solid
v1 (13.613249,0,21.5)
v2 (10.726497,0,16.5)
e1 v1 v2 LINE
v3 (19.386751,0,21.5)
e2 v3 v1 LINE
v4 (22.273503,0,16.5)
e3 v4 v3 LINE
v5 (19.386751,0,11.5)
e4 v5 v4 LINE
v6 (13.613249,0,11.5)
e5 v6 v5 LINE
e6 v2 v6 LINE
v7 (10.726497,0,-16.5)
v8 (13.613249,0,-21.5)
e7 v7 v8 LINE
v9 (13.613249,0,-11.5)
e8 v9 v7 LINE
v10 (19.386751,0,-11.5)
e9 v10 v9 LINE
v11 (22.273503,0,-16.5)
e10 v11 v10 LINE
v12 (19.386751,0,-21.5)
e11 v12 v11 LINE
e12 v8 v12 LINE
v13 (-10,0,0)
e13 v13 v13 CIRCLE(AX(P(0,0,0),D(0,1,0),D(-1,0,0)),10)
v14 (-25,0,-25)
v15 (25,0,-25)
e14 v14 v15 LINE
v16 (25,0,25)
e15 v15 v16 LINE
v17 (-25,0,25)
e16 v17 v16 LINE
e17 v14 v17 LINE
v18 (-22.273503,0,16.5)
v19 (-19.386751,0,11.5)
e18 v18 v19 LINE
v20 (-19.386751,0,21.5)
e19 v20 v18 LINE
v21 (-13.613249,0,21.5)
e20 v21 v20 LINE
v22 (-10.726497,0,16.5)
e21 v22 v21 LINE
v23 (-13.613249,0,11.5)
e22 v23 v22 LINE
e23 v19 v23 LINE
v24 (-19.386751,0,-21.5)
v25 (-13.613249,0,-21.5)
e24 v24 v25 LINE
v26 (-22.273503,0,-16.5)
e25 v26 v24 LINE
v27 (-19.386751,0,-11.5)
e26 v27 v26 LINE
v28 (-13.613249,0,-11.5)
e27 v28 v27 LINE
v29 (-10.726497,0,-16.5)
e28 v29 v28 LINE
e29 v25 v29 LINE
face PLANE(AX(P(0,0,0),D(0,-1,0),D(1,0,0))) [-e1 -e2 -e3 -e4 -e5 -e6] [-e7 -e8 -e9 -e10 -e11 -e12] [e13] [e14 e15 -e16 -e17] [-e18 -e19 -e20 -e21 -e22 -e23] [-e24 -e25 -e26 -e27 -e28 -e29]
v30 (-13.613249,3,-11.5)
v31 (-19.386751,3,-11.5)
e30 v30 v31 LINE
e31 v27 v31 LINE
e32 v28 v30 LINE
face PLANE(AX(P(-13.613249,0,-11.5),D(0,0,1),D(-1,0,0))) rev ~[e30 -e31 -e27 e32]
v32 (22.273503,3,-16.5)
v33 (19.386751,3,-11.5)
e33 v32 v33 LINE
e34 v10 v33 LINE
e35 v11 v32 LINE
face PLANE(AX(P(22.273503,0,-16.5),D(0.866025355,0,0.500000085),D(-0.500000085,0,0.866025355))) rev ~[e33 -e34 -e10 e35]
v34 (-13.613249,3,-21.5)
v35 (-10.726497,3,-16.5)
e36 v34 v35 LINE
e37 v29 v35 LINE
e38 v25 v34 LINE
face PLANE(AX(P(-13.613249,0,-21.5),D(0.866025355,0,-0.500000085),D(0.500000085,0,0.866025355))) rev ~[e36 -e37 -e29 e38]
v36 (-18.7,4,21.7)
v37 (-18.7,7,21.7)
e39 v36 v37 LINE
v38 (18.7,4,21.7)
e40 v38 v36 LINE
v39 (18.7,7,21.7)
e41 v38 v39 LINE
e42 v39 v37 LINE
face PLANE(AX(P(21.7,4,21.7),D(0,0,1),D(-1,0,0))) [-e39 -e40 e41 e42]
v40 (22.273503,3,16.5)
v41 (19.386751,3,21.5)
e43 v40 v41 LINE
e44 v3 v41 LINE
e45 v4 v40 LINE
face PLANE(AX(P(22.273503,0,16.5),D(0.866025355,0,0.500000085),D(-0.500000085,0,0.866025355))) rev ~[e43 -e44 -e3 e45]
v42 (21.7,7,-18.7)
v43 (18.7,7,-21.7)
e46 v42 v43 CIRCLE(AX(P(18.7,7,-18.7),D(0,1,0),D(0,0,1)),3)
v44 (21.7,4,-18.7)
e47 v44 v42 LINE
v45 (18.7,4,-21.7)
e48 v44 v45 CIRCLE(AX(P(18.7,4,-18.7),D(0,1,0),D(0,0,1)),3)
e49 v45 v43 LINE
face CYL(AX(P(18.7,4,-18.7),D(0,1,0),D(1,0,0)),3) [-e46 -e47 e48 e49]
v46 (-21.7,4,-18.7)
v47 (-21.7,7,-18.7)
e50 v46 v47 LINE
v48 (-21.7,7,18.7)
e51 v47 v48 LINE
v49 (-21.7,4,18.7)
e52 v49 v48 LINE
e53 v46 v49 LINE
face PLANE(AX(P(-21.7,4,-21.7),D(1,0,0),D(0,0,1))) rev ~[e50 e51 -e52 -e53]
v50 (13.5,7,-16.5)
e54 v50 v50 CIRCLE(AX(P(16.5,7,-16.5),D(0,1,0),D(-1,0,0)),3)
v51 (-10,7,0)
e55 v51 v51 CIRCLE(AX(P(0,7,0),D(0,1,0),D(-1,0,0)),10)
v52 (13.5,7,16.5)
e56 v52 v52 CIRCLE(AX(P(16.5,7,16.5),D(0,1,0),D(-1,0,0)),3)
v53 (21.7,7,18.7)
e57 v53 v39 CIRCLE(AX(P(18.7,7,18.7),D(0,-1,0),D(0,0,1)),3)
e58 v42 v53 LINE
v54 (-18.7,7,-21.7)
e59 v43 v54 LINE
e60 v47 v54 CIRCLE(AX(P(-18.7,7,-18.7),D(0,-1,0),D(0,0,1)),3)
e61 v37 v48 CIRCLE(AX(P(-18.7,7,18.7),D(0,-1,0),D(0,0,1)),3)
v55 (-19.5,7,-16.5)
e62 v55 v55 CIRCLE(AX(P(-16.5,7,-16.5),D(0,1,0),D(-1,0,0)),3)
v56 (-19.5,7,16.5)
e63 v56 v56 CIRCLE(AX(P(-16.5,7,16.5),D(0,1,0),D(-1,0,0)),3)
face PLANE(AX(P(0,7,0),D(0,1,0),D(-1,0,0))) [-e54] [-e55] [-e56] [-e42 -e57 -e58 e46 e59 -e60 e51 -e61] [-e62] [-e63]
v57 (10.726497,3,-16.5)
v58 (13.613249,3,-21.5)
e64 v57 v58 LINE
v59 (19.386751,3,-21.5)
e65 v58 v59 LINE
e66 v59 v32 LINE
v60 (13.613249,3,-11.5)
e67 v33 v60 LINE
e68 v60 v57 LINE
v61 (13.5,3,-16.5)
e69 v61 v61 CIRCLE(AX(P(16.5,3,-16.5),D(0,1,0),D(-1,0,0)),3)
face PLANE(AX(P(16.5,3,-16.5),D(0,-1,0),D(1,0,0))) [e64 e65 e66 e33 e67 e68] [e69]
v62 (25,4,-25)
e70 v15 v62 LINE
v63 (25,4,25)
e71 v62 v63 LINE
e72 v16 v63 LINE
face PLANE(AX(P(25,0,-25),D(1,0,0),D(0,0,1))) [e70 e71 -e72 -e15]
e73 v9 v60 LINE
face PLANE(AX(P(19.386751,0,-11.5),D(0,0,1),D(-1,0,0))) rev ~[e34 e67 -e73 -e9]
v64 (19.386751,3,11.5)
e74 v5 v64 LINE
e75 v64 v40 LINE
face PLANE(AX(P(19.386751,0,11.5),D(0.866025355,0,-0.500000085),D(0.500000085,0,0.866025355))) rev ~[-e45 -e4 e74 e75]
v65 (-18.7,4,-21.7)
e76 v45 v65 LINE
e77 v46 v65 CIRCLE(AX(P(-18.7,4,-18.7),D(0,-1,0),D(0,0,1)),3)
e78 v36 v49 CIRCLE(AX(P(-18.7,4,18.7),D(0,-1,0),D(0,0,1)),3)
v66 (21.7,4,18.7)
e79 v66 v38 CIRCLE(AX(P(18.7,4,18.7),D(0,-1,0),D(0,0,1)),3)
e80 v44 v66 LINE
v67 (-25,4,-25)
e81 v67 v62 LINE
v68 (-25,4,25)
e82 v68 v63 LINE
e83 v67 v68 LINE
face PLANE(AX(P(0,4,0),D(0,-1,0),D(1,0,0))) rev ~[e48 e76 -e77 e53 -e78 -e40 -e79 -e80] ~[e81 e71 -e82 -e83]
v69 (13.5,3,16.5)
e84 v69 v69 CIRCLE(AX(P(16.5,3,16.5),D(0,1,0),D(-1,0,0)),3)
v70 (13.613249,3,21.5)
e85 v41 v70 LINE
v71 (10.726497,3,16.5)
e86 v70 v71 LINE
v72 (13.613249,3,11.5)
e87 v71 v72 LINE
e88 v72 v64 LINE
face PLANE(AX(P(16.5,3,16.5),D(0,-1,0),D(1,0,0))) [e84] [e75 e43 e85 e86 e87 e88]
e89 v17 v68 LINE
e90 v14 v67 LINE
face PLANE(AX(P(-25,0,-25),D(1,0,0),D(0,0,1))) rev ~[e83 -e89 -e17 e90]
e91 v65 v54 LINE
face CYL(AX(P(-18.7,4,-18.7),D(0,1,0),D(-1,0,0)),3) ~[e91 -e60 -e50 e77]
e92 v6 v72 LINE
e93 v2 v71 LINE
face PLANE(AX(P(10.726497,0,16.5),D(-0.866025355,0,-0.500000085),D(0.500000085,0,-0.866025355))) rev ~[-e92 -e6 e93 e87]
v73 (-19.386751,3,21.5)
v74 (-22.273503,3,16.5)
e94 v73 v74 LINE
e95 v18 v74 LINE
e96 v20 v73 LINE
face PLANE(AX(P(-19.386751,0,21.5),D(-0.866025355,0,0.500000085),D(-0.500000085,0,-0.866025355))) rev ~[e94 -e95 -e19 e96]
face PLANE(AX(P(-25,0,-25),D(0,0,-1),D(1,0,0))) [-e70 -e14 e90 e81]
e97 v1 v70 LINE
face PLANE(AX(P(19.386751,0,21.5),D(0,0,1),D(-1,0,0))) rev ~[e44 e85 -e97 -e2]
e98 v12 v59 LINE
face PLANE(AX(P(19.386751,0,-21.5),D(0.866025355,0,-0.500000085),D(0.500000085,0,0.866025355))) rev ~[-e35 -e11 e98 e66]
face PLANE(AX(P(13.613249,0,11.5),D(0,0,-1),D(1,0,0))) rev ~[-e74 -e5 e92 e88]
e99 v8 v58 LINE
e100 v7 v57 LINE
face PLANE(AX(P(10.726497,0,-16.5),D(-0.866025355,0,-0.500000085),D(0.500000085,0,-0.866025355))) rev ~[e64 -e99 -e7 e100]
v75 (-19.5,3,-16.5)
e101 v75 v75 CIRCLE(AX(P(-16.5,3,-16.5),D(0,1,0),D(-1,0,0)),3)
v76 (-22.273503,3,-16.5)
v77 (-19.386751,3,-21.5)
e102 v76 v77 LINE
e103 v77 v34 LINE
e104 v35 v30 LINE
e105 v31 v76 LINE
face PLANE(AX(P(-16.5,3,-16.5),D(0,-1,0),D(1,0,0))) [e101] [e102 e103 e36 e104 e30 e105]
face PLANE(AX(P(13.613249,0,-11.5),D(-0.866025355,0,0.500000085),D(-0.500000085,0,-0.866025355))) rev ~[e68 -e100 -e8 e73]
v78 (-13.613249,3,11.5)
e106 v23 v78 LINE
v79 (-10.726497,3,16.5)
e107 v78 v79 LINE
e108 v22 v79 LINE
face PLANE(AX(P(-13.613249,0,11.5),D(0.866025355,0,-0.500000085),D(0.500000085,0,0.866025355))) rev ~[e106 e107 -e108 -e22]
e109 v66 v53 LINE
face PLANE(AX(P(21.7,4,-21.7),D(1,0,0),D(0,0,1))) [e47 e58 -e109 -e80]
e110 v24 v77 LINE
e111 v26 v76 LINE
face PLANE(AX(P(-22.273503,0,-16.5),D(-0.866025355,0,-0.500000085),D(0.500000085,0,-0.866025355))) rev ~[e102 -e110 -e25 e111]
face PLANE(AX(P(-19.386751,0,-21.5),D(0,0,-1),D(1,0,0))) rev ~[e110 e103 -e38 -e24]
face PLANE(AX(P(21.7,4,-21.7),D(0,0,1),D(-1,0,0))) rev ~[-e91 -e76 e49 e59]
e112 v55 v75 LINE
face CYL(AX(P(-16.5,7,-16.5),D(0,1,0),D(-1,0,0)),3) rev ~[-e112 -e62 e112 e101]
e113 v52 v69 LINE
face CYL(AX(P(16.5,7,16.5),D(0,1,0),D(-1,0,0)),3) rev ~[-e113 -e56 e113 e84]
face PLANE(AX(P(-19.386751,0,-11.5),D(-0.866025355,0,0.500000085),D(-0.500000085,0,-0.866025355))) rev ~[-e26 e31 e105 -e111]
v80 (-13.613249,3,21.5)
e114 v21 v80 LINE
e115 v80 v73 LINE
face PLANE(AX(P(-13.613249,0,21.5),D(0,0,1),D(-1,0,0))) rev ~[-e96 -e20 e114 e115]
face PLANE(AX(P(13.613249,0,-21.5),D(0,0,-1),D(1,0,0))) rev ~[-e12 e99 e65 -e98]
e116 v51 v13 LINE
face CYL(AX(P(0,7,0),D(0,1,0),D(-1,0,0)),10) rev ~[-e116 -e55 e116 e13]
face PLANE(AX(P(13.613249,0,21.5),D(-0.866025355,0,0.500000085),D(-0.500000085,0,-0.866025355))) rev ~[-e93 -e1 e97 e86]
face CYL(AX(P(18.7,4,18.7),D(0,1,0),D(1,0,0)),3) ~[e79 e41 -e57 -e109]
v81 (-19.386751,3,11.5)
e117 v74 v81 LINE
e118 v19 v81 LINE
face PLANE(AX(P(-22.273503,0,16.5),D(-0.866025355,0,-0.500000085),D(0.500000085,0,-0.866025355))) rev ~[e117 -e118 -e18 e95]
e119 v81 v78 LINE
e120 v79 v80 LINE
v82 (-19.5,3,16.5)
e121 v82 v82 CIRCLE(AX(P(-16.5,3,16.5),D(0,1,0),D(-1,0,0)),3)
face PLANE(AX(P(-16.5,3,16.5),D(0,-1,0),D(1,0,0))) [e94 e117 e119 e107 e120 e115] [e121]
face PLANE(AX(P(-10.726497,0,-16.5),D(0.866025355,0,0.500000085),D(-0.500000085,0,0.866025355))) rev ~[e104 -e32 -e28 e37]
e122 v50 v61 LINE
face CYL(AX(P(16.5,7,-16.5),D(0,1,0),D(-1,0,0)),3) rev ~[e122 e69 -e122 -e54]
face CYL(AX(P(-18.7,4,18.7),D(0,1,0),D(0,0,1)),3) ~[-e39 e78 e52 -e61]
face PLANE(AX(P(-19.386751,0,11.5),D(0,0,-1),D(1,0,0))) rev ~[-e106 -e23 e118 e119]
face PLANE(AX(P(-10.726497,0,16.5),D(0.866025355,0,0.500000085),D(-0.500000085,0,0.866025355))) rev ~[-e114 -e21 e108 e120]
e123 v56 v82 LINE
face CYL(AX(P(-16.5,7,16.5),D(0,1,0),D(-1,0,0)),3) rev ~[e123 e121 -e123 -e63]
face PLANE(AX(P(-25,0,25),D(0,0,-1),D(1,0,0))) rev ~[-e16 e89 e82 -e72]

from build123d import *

# Parameters (mm, degrees)
F0_W     = 50
F0_H     = 50
F1_DEPTH = 4
F2_W     = 43.4
F2_H     = 43.4
F3_DEPTH = 3
F4_R     = 3
F4_R_2   = 10
F5_DEPTH = 25
F7_DEPTH = 3
F8_R     = 3


with BuildPart() as f1:
    # F0 (on Front) → F1 (new body)
    with BuildSketch(Plane.XZ):
        Rectangle(F0_W, F0_H)
    extrude(amount=-F1_DEPTH)

    # F2 (on face) → F3 (join)
    with BuildSketch(Plane(origin=(0, 4, 0), x_dir=(-1, 0, 0), z_dir=(0, 1, 0))):
        Rectangle(F2_W, F2_H)
    extrude(amount=F3_DEPTH)

    # F4 (on face) → F5 (cut)
    with BuildSketch(Plane(origin=(0, 7, 0), x_dir=(-1, 0, 0), z_dir=(0, 1, 0))):
        with Locations((-16.5, 16.5)):
            Circle(F4_R)
        with Locations((16.5, 16.5)):
            Circle(F4_R)
        with Locations((16.5, -16.5)):
            Circle(F4_R)
        with Locations((-16.5, -16.5)):
            Circle(F4_R)
        Circle(F4_R_2)
    extrude(amount=-F5_DEPTH, mode=Mode.SUBTRACT)

    # F6 (on face) → F7 (cut)
    with BuildSketch(Plane.XZ):
        Polygon((-19.386751, 11.5), (-13.613249, 11.5), (-10.726497, 16.5), (-13.613249, 21.5), (-19.386751, 21.5), (-22.273503, 16.5), align=None)
        Polygon((19.386751, 21.5), (13.613249, 21.5), (10.726497, 16.5), (13.613249, 11.5), (19.386751, 11.5), (22.273503, 16.5), align=None)
        Polygon((13.613249, -21.5), (19.386751, -21.5), (22.273503, -16.5), (19.386751, -11.5), (13.613249, -11.5), (10.726497, -16.5), align=None)
        Polygon((-19.386751, -21.5), (-13.613249, -21.5), (-10.726497, -16.5), (-13.613249, -11.5), (-19.386751, -11.5), (-22.273503, -16.5), align=None)
    extrude(amount=-F7_DEPTH, mode=Mode.SUBTRACT)

    # F8
    f8_edges = [f1.edges().sort_by_distance(p)[0] for p in [
        (21.7, 5.5, 21.7),
        (-21.7, 5.5, 21.7),
        (-21.7, 5.5, -21.7),
        (21.7, 5.5, -21.7),
    ]]
    fillet(f8_edges, radius=F8_R)


solid = f1.part
